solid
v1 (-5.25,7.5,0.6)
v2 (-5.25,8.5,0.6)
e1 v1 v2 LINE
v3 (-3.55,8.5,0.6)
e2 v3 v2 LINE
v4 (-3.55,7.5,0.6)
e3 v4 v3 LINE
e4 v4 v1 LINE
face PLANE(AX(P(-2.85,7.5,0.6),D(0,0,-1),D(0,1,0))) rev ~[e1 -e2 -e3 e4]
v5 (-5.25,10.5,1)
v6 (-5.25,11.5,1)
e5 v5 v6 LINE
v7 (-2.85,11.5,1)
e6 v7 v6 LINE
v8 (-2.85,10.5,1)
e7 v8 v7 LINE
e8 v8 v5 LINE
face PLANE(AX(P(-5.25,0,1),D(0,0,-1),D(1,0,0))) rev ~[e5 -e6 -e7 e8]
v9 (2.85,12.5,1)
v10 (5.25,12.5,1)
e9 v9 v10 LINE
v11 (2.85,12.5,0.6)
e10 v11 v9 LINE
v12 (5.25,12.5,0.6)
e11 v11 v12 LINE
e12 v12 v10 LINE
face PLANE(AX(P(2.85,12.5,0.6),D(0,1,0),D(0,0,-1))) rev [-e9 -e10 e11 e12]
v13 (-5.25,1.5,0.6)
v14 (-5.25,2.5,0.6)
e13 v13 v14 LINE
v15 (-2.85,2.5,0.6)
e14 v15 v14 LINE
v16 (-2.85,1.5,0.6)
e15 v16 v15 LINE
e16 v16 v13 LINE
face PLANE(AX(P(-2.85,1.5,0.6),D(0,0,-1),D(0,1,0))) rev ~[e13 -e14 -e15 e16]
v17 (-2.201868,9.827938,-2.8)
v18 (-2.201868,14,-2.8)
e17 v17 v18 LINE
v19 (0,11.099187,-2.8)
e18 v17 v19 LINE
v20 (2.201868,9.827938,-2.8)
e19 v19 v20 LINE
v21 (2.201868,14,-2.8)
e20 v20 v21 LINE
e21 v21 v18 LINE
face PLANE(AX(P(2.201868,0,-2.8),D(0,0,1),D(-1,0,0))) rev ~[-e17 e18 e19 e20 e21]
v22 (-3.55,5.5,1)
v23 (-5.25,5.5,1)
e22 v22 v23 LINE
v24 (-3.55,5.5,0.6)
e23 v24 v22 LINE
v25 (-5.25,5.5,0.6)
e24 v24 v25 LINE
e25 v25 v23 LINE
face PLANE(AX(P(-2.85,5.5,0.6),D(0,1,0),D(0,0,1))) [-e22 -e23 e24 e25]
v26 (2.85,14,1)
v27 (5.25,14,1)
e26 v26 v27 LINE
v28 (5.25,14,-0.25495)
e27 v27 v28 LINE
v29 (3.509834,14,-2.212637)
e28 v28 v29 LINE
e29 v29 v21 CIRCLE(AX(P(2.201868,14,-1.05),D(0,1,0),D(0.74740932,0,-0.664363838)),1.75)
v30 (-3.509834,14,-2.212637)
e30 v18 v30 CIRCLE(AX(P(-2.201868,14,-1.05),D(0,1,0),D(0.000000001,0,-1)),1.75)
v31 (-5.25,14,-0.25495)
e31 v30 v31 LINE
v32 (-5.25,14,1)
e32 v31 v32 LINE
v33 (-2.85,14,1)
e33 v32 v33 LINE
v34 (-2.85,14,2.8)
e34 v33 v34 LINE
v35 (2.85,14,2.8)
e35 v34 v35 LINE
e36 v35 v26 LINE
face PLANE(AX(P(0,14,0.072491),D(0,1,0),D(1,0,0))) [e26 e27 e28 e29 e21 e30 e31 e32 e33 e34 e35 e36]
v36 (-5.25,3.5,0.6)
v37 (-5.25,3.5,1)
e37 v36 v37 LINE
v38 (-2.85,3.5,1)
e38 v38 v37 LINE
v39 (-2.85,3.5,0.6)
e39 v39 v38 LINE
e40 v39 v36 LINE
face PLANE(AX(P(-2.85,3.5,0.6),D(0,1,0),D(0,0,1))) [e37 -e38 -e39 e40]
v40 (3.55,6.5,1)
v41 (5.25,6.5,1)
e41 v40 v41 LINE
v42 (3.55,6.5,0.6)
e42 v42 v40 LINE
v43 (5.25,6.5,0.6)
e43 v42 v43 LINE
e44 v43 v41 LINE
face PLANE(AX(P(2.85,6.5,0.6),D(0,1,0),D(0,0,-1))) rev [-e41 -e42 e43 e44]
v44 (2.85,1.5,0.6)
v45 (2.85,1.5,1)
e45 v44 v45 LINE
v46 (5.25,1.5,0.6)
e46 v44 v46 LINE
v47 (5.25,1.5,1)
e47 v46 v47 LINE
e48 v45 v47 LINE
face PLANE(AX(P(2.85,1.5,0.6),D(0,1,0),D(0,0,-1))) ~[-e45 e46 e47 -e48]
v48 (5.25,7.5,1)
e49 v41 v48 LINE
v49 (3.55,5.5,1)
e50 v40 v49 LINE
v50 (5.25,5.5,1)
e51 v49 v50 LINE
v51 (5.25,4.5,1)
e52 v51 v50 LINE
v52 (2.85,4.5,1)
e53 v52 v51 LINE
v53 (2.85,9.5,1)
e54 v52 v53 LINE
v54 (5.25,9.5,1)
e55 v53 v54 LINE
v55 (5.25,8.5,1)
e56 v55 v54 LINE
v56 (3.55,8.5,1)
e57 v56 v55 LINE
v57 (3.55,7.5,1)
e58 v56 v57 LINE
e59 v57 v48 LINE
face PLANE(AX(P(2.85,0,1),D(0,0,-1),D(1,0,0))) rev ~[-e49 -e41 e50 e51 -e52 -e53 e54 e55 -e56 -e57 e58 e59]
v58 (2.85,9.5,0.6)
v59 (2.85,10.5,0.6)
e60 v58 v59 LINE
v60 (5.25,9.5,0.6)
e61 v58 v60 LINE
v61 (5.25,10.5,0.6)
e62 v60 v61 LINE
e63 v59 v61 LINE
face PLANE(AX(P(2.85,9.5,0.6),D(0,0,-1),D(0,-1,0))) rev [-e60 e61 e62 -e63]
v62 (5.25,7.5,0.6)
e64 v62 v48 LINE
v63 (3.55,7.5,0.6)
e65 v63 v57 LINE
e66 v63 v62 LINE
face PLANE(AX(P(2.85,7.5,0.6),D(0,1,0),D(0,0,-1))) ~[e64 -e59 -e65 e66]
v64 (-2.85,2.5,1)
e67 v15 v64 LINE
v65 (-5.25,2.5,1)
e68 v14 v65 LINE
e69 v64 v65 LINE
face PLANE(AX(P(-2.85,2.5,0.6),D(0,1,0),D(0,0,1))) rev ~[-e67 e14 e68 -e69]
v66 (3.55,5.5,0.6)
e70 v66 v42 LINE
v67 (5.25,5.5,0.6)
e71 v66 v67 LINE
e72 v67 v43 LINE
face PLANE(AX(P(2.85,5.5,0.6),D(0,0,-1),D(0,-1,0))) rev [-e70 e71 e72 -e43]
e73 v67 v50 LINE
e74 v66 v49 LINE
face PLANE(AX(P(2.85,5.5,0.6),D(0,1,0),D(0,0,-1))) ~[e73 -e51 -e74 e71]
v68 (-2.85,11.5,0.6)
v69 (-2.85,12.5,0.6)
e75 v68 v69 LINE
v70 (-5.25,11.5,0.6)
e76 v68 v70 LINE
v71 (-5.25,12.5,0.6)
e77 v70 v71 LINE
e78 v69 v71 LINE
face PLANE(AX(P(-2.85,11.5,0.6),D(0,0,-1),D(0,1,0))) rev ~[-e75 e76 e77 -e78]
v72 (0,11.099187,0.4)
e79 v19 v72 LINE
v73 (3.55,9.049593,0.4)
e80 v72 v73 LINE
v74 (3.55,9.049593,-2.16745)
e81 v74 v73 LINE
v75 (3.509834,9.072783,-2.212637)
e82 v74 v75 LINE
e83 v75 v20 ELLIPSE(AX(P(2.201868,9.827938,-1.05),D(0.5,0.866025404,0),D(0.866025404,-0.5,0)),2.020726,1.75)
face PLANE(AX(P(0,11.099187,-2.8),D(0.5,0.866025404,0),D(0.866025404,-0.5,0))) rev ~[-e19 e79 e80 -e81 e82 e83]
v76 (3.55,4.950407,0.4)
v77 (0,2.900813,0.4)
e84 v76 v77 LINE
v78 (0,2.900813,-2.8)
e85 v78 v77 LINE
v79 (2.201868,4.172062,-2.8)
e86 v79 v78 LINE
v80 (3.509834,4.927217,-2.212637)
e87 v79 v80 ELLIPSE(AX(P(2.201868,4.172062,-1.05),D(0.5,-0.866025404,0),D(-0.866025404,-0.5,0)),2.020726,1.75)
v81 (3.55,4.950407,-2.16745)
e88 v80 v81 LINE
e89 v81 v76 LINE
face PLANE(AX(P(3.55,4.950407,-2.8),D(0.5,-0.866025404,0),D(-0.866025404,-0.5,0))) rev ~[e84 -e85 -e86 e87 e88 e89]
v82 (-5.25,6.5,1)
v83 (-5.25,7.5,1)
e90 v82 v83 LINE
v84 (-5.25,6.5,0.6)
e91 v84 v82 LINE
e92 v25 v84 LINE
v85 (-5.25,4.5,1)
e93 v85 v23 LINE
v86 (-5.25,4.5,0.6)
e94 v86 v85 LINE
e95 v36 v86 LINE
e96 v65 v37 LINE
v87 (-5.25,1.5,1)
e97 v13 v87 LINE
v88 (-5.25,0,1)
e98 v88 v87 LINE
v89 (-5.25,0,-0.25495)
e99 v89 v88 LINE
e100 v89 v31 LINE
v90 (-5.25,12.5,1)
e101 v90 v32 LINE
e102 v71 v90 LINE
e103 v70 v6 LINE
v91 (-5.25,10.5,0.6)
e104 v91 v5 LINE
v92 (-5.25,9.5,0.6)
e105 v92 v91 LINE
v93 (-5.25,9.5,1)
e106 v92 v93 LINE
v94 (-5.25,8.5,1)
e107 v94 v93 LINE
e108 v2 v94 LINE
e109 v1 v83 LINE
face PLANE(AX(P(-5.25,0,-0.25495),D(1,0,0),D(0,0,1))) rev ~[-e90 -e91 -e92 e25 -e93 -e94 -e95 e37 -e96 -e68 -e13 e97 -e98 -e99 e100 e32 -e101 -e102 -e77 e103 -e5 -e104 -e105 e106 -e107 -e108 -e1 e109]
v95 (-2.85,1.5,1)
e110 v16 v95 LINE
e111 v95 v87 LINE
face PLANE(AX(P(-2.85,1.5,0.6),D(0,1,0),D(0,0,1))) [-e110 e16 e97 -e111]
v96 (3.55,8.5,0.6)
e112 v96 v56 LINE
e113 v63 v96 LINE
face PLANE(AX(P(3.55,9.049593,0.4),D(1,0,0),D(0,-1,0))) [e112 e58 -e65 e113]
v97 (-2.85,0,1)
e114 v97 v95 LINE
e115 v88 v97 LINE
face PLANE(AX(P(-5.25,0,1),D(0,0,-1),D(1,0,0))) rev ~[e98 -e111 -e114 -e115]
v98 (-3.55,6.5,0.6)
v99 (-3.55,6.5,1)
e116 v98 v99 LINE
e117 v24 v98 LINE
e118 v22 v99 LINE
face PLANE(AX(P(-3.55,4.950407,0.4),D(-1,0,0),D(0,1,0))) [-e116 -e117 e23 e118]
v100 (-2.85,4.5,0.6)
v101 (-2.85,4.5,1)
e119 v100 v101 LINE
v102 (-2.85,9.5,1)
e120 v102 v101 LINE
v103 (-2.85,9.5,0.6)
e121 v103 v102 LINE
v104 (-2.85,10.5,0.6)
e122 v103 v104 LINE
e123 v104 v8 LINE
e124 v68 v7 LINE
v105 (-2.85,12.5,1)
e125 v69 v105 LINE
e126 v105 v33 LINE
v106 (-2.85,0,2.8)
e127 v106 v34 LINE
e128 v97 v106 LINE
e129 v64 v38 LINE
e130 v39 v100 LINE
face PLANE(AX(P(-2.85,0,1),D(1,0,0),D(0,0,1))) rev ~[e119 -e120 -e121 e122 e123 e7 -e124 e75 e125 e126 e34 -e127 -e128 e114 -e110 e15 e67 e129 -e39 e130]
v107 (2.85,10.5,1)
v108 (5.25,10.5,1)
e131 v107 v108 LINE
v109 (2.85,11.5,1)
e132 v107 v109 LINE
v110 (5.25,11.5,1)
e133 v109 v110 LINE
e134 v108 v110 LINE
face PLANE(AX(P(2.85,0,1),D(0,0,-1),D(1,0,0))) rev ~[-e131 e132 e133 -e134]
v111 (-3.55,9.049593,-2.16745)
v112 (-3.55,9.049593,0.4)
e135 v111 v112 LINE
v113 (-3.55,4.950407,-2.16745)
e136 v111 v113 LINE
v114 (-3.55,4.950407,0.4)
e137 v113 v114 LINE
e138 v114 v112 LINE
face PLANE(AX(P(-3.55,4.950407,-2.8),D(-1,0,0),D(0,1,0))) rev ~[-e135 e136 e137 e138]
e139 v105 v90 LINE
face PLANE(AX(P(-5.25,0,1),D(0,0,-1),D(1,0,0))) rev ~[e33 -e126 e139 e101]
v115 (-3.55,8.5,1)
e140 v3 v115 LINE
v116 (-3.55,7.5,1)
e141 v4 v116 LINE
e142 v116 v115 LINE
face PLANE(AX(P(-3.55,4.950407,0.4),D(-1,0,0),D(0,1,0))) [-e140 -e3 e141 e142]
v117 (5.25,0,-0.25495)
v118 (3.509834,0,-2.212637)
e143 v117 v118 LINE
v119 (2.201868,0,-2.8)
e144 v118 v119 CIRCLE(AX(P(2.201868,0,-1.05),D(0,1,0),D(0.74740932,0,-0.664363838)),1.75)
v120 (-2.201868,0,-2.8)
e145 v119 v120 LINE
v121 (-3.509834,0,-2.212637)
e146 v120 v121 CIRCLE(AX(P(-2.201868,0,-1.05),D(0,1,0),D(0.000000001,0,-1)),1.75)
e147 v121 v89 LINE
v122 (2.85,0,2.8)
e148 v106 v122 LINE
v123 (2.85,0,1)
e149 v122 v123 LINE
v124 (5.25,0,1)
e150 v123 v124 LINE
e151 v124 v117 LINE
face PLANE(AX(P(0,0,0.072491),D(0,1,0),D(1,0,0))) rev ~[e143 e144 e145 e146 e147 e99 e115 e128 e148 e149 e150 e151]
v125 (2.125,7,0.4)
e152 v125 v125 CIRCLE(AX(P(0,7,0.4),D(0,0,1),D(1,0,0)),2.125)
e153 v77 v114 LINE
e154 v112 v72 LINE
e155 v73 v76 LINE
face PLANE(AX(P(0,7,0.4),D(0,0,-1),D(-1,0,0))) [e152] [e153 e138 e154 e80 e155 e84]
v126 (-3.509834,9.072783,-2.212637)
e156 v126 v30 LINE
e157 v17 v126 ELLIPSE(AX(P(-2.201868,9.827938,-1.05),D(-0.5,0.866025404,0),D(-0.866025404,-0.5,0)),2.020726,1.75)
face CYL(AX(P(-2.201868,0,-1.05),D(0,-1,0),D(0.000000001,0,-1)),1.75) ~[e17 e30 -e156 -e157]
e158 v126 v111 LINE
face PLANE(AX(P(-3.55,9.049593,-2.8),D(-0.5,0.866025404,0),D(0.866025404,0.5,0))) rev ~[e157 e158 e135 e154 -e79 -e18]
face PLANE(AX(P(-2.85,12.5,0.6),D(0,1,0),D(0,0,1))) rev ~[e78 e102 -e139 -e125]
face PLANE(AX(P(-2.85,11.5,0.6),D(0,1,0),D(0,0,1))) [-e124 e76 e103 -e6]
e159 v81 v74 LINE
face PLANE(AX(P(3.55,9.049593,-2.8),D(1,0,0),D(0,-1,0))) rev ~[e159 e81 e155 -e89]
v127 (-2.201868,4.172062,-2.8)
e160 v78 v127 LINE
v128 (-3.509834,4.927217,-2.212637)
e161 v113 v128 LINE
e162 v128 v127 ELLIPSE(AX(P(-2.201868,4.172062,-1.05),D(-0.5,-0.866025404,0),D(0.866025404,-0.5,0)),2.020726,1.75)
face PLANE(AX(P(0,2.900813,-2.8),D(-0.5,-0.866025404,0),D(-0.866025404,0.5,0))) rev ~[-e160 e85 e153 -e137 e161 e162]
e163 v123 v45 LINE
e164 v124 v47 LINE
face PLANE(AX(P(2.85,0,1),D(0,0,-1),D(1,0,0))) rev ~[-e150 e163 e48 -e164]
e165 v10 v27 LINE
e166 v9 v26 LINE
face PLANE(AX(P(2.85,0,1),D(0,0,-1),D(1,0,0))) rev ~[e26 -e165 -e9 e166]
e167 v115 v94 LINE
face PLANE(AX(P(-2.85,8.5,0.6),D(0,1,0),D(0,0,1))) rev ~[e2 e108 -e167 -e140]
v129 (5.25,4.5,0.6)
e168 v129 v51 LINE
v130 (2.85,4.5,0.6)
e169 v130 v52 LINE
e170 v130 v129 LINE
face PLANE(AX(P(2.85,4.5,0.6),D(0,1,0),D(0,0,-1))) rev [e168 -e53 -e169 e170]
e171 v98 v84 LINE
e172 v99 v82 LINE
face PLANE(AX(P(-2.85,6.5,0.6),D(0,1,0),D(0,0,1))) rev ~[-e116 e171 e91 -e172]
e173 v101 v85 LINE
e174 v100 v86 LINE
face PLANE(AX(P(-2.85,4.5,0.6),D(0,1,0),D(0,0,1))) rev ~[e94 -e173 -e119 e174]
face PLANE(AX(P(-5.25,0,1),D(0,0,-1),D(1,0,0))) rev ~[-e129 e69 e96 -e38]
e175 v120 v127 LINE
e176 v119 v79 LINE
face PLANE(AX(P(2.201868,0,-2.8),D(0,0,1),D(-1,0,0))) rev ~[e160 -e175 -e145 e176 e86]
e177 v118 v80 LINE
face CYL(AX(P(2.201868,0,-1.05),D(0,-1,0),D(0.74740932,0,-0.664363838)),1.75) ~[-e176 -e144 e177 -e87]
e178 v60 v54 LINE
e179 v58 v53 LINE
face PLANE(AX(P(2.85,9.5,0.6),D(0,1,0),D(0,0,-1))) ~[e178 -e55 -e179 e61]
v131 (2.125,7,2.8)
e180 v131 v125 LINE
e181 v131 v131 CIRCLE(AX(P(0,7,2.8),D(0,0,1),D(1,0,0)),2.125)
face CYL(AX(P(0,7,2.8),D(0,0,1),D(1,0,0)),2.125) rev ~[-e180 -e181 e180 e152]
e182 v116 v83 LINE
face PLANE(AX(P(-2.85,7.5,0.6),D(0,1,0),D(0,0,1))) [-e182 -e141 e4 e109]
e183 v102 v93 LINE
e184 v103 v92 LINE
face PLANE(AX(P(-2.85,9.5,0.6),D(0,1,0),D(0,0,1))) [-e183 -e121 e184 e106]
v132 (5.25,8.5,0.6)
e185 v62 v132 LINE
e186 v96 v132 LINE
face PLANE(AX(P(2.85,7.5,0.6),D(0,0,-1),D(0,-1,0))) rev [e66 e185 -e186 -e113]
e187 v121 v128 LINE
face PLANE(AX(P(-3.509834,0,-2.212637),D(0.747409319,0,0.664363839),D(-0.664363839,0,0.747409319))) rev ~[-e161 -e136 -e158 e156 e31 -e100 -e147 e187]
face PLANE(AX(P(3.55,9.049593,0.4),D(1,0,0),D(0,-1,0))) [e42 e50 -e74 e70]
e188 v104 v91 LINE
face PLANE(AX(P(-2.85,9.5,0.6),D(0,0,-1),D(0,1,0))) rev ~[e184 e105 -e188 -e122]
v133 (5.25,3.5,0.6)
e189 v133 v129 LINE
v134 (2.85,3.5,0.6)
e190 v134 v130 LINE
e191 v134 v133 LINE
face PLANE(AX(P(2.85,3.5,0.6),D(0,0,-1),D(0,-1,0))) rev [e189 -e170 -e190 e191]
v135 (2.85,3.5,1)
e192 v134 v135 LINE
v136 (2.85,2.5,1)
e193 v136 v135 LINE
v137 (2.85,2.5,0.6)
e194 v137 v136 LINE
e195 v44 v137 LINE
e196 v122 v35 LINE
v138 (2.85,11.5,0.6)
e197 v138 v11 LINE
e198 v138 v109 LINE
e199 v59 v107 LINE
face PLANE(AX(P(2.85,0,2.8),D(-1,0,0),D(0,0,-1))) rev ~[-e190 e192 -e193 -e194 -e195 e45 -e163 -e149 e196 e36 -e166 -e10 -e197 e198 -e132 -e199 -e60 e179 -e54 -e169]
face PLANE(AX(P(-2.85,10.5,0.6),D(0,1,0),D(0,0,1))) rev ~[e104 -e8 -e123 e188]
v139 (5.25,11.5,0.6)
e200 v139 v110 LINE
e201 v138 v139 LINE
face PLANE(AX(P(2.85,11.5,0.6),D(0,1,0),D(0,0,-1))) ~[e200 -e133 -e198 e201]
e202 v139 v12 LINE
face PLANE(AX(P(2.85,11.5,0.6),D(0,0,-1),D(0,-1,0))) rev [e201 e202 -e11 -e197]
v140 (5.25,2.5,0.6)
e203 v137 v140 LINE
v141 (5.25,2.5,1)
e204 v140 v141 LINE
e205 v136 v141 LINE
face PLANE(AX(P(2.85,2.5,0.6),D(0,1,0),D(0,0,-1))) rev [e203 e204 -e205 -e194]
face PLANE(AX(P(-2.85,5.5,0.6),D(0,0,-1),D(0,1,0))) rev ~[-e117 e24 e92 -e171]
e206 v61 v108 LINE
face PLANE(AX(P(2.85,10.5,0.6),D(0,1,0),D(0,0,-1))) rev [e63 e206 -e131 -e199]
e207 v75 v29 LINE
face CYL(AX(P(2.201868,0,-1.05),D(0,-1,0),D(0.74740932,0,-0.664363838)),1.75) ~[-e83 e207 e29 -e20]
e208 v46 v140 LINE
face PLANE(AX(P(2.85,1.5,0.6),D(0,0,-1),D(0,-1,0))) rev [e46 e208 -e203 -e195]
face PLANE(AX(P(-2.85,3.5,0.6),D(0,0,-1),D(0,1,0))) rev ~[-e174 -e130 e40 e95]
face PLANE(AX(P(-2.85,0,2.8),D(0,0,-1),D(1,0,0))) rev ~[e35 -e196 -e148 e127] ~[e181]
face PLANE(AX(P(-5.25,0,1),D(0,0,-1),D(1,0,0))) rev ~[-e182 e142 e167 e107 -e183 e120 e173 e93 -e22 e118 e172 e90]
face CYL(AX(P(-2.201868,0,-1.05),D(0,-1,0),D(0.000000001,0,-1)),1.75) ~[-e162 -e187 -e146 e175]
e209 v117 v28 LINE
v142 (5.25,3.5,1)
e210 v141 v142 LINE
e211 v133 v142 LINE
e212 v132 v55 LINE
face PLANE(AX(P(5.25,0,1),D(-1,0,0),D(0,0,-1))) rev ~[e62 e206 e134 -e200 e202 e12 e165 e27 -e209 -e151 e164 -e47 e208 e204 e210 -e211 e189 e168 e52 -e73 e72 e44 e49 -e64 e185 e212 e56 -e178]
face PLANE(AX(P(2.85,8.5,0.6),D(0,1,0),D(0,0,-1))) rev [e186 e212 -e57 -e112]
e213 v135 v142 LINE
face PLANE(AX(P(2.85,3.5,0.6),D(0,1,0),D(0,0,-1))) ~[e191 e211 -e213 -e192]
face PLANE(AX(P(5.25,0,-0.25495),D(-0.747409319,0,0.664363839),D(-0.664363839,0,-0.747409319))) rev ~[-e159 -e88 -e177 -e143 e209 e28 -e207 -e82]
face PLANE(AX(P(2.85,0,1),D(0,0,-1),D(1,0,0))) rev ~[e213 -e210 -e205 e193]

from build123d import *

# Parameters (mm, degrees)
BOSS_EXTRUDE1_DEPTH = 14
CUT_EXTRUDE1_DEPTH  = 3.2
SKETCH4_W           = 0.4
SKETCH4_H           = 1
CUT_EXTRUDE3_DEPTH  = 17.414932226
BOSS_EXTRUDE2_START = -3.2
BOSS_EXTRUDE2_DEPTH = 0.6
SKETCH3_R           = 2.125
CUT_EXTRUDE2_DEPTH  = 16.966292619


with BuildPart() as part:
    # Sketch1 → Boss-Extrude1 (new body)
    with BuildSketch(Plane(origin=(0, 0, 0), x_dir=(1, 0, 0), z_dir=(0, 1, 0))):
        with BuildLine():
            Line((-3.509834179, 2.212636718), (-5.25, 0.254950169))
            Line((-5.25, 0.254950169), (-5.25, -1))
            Line((-5.25, -1), (-2.85, -1))
            Line((-2.85, -1), (-2.85, -2.8))
            Line((-2.85, -2.8), (2.85, -2.8))
            Line((2.85, -2.8), (2.85, -1))
            Line((2.85, -1), (5.25, -1))
            Line((5.25, -1), (5.25, 0.254950169))
            Line((5.25, 0.254950169), (3.509834179, 2.212636718))
            ThreePointArc((3.509834179, 2.212636718), (2.918765962, 2.646420098), (2.201867871, 2.8))
            Line((2.201867871, 2.8), (-2.201867871, 2.8))
            ThreePointArc((-2.201867871, 2.8), (-2.918765962, 2.646420098), (-3.509834179, 2.212636718))
        make_face()
    extrude(amount=BOSS_EXTRUDE1_DEPTH)

    # Sketch2 → Cut-Extrude1 (cut)
    with BuildSketch(Plane(origin=(0, 0, -2.8), x_dir=(-1, 0, 0), z_dir=(0, 0, -1))):
        Polygon((-3.55, 4.950406544), (0, 2.900813089), (3.55, 4.950406544), (3.55, 9.049593456), (0, 11.099186911), (-3.55, 9.049593456), align=None)
    extrude(amount=-CUT_EXTRUDE1_DEPTH, mode=Mode.SUBTRACT)

    # Sketch4 → Cut-Extrude3 (cut, through all)
    with BuildSketch(Plane.ZY.offset(2.85)):
        with Locations((0.8, 12)):
            Rectangle(SKETCH4_W, SKETCH4_H)
        with Locations((0.8, 10)):
            Rectangle(SKETCH4_W, SKETCH4_H)
        with Locations((0.8, 8)):
            Rectangle(SKETCH4_W, SKETCH4_H)
        with Locations((0.8, 6)):
            Rectangle(SKETCH4_W, SKETCH4_H)
        with Locations((0.8, 4)):
            Rectangle(SKETCH4_W, SKETCH4_H)
        with Locations((0.8, 2)):
            Rectangle(SKETCH4_W, SKETCH4_H)
    cut_extrude3 = extrude(amount=CUT_EXTRUDE3_DEPTH, mode=Mode.SUBTRACT)

    # Mirror1: Cut-Extrude3 across plane
    add(cut_extrude3.mirror(Plane(origin=(0, 0, 0), x_dir=(0, 0, 1), z_dir=(1, 0, 0))), mode=Mode.SUBTRACT)

    # Sketch2<2> → Boss-Extrude2 (add)
    with BuildSketch(Plane(origin=(0, 0, -2.8), x_dir=(-1, 0, 0), z_dir=(0, 0, -1)).offset(BOSS_EXTRUDE2_START)):
        Polygon((-3.55, 4.950406544), (0, 2.900813089), (3.55, 4.950406544), (3.55, 9.049593456), (0, 11.099186911), (-3.55, 9.049593456), align=None)
    extrude(amount=-BOSS_EXTRUDE2_DEPTH)

    # Sketch3 → Cut-Extrude2 (cut, through all)
    with BuildSketch(Plane.XY.offset(2.8)):
        with Locations((0, 7)):
            Circle(SKETCH3_R)
    extrude(amount=-CUT_EXTRUDE2_DEPTH, mode=Mode.SUBTRACT)


solid = part.part
